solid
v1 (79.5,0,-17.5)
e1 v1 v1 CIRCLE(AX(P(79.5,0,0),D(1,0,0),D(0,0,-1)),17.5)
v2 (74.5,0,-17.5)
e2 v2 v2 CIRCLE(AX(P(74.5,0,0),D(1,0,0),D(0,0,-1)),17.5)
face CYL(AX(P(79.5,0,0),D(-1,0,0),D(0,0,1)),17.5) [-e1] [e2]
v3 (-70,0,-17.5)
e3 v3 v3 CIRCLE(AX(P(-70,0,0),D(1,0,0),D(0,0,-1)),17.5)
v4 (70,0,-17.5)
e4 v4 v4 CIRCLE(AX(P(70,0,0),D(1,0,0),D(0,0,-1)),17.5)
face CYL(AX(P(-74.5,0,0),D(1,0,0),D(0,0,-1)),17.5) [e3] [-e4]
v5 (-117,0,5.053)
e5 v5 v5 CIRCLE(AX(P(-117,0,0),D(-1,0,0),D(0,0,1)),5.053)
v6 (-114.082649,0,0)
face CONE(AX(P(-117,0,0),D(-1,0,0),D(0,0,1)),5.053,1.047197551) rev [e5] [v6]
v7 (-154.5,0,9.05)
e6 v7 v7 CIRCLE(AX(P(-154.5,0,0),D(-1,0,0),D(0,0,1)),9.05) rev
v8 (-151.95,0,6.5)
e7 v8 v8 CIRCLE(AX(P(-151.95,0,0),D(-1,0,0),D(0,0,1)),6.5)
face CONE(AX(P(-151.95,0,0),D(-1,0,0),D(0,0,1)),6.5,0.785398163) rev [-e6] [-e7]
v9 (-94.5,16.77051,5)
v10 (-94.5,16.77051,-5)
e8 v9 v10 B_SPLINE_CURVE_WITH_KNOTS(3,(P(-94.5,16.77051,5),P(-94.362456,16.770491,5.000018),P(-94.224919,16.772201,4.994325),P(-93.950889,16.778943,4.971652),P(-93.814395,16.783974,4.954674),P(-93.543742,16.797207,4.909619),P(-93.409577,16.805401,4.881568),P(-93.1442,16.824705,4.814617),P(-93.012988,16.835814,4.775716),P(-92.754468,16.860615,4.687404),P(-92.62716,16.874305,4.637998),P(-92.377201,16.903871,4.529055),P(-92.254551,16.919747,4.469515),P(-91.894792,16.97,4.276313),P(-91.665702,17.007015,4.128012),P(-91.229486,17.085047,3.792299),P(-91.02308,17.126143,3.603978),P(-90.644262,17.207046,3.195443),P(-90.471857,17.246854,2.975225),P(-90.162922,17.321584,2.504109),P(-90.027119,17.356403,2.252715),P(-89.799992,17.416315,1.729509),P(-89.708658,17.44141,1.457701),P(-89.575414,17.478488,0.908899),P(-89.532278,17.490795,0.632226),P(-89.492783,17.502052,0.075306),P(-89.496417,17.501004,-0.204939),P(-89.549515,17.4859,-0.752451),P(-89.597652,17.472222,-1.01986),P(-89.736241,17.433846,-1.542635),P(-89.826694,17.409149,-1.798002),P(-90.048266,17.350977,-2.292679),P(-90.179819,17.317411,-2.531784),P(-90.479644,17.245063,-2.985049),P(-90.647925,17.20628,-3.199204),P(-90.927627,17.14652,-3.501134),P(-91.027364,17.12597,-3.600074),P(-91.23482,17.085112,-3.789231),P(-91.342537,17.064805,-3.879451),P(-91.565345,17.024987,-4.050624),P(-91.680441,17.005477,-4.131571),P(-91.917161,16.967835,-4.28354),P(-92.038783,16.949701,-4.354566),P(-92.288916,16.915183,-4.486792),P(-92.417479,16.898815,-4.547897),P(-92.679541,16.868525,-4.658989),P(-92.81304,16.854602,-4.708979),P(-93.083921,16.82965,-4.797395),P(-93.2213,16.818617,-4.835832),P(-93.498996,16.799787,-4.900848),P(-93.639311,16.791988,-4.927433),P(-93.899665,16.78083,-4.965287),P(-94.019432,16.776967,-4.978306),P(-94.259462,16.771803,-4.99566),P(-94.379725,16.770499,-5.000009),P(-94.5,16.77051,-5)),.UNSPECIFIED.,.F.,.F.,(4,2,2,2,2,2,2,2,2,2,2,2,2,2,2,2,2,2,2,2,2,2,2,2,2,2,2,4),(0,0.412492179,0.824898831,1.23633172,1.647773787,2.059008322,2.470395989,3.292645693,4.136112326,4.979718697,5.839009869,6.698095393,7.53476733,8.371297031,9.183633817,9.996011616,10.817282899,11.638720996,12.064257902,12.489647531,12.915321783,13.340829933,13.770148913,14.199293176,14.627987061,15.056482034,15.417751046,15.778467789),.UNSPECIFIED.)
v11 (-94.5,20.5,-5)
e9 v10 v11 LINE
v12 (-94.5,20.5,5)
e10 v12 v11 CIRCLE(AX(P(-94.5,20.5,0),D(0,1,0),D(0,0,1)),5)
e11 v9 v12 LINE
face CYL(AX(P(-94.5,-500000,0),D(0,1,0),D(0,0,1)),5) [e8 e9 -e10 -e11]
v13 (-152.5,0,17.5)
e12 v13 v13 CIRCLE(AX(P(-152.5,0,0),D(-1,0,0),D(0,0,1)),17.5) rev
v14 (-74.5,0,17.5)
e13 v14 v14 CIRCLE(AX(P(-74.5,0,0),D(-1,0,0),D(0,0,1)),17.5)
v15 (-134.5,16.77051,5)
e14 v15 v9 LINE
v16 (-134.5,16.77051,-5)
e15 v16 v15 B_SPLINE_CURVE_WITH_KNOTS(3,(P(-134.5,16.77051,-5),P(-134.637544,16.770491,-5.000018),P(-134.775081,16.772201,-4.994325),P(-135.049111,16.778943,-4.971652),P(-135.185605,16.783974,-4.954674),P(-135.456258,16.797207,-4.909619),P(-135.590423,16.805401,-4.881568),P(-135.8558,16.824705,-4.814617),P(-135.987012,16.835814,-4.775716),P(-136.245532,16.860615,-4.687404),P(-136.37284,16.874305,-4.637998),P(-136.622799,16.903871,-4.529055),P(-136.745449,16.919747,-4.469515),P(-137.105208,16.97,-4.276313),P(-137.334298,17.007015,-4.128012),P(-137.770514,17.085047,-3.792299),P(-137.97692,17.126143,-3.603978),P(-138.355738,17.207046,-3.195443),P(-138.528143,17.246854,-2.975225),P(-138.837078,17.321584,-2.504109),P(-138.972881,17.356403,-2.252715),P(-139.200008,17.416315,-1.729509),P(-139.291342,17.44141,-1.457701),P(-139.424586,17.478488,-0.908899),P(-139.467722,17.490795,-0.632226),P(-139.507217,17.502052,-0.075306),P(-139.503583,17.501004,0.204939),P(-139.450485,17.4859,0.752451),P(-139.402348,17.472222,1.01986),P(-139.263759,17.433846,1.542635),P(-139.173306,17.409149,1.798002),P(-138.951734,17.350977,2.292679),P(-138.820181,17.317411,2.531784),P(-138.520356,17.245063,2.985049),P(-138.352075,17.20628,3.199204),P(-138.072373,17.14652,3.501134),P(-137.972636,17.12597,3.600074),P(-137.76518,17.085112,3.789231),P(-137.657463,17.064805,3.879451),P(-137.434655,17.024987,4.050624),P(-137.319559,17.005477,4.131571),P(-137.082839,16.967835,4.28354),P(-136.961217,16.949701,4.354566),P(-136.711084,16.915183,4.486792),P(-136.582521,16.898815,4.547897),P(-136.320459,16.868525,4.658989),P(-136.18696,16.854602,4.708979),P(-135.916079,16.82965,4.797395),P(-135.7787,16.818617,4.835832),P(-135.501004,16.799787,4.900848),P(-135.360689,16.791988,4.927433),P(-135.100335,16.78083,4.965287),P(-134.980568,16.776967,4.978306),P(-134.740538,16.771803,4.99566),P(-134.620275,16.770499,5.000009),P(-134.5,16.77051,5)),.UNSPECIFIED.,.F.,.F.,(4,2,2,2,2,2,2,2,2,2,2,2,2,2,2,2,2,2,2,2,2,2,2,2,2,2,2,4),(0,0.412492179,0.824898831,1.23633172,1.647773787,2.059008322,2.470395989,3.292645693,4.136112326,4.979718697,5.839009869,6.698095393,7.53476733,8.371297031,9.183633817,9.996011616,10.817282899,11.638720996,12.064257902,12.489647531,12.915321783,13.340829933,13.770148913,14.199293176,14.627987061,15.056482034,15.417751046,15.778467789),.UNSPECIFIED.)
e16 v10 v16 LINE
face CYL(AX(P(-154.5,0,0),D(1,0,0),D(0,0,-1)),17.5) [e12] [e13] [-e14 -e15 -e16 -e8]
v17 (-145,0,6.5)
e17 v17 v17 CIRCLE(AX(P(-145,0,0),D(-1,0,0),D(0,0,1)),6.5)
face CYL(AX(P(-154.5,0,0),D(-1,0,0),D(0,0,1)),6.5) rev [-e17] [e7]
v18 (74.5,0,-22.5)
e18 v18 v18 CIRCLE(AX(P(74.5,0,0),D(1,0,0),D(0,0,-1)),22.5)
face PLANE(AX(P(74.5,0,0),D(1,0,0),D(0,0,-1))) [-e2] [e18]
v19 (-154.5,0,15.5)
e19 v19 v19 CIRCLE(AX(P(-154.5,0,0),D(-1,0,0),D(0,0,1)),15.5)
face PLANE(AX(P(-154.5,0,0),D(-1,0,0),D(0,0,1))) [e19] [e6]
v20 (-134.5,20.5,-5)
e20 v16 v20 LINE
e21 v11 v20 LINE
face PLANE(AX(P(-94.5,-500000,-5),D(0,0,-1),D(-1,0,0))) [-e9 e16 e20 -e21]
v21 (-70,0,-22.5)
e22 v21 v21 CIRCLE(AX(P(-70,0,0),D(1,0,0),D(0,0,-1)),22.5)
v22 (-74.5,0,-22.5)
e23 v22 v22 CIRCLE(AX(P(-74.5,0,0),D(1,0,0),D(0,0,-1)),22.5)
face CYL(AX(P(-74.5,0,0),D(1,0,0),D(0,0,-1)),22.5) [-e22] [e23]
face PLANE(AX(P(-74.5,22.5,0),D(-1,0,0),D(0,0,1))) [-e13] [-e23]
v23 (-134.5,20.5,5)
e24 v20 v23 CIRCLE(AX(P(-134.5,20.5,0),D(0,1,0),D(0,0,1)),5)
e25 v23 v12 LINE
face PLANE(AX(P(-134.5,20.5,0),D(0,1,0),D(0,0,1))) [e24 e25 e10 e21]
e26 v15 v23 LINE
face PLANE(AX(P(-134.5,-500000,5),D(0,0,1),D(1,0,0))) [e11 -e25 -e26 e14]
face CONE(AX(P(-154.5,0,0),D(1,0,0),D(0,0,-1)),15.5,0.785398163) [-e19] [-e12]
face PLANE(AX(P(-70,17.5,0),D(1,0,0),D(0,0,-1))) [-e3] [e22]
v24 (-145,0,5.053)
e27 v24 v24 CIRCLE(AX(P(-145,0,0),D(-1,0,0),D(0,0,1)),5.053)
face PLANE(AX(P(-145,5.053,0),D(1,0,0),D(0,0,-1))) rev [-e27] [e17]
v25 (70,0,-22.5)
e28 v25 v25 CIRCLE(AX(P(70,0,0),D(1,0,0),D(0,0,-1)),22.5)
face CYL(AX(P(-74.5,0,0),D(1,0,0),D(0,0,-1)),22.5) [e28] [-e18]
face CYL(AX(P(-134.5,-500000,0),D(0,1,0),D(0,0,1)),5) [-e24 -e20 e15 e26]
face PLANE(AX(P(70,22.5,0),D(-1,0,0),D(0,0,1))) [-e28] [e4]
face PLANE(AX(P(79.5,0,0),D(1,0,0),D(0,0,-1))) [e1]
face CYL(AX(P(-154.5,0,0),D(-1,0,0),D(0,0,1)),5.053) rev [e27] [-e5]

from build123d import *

# Parameters (mm, degrees)
BOSS_EXTRUDE1_START      = 80
SKETCH2_R                = 17.5
BOSS_EXTRUDE1_DEPTH      = 80
BOSS_EXTRUDE2_REACH      = 163.943
BOSS_EXTRUDE2_END_RADIUS = 17.5
SKETCH4_R                = 17.5
BOSS_EXTRUDE3_DEPTH      = 5
HOLE1_D                  = 10.106
HOLE1_DEPTH              = 37.5
HOLE1_CBORE_D            = 13
HOLE1_CBORE_DEPTH        = 9.5
HOLE1_TIP                = 2.91735091
CHAMFER1_SIZE            = 2.55
CHAMFER2_SIZE            = 2


with BuildPart() as part:
    # Sketch1 → Revolve1 (revolve)
    with BuildSketch(Plane.XY, mode=Mode.PRIVATE) as revolve1_sk:
        Polygon((-74.5, 22.5), (-74.5, 0), (74.5, 0), (74.5, 22.5), (70, 22.5), (70, 17.5), (-70, 17.5), (-70, 22.5), align=None)
    revolve(revolve1_sk.sketch.rotate(Axis((-74.5, 0, 0), (1, 0, 0)), 270), axis=Axis((-74.5, 0, 0), (1, 0, 0)))

    # Sketch2 → Boss-Extrude1 (add)
    with BuildSketch(Plane.ZY.offset(74.5).offset(BOSS_EXTRUDE1_START)):
        with Locations(Location((0, 0, 0), (0, 0, 180))):
            Circle(SKETCH2_R)
    extrude(amount=-BOSS_EXTRUDE1_DEPTH)

    # Boss-Extrude2: up to this cylinder (the profile starts outside it)
    boss_extrude2_end = Plane(origin=(-114.5, 0, 0), z_dir=(1, 0, 0)) * Cylinder(BOSS_EXTRUDE2_END_RADIUS, 363.886, mode=Mode.PRIVATE)
    # Sketch3 → Boss-Extrude2 (add, up to the surface)
    with BuildSketch(Plane(origin=(0, 20.5, 0), x_dir=(1, 0, 0), z_dir=(0, 1, 0)), mode=Mode.PRIVATE) as boss_extrude2_sk1:
        with BuildLine():
            Line((-134.5, -5), (-94.5, -5))
            ThreePointArc((-94.5, -5), (-89.5, 0), (-94.5, 5))
            Line((-94.5, 5), (-134.5, 5))
            ThreePointArc((-134.5, 5), (-139.5, 0), (-134.5, -5))
        make_face()
    boss_extrude2_tool1 = extrude(boss_extrude2_sk1.sketch, amount=-BOSS_EXTRUDE2_REACH, mode=Mode.PRIVATE) - boss_extrude2_end
    add(boss_extrude2_tool1.solids().sort_by_distance((-114.5, 20.5, 0))[0])

    # Sketch4 → Boss-Extrude3 (add)
    with BuildSketch(Plane(origin=(74.5, 0, 0), x_dir=(0, 0, -1), z_dir=(1, 0, 0))):
        Circle(SKETCH4_R)
    extrude(amount=BOSS_EXTRUDE3_DEPTH)

    # Hole1
    with Locations(Plane.ZY.offset(154.5)):
        with Locations((0, 0)):
            CounterBoreHole(HOLE1_D / 2, HOLE1_CBORE_D / 2, HOLE1_CBORE_DEPTH, depth=HOLE1_DEPTH)
            with Locations((0, 0, -(HOLE1_DEPTH + HOLE1_TIP / 2))):  # 120° drill point
                Cone(0, HOLE1_D / 2, HOLE1_TIP, mode=Mode.SUBTRACT)

    # Chamfer1
    chamfer1_edges = [part.edges().sort_by_distance(p)[0] for p in [
        (-154.5, 0, -6.5),
    ]]
    chamfer(chamfer1_edges, length=CHAMFER1_SIZE)

    # Chamfer2
    chamfer2_edges = [part.edges().sort_by_distance(p)[0] for p in [
        (-154.5, 0, 17.5),
    ]]
    chamfer(chamfer2_edges, length=CHAMFER2_SIZE)


solid = part.part
